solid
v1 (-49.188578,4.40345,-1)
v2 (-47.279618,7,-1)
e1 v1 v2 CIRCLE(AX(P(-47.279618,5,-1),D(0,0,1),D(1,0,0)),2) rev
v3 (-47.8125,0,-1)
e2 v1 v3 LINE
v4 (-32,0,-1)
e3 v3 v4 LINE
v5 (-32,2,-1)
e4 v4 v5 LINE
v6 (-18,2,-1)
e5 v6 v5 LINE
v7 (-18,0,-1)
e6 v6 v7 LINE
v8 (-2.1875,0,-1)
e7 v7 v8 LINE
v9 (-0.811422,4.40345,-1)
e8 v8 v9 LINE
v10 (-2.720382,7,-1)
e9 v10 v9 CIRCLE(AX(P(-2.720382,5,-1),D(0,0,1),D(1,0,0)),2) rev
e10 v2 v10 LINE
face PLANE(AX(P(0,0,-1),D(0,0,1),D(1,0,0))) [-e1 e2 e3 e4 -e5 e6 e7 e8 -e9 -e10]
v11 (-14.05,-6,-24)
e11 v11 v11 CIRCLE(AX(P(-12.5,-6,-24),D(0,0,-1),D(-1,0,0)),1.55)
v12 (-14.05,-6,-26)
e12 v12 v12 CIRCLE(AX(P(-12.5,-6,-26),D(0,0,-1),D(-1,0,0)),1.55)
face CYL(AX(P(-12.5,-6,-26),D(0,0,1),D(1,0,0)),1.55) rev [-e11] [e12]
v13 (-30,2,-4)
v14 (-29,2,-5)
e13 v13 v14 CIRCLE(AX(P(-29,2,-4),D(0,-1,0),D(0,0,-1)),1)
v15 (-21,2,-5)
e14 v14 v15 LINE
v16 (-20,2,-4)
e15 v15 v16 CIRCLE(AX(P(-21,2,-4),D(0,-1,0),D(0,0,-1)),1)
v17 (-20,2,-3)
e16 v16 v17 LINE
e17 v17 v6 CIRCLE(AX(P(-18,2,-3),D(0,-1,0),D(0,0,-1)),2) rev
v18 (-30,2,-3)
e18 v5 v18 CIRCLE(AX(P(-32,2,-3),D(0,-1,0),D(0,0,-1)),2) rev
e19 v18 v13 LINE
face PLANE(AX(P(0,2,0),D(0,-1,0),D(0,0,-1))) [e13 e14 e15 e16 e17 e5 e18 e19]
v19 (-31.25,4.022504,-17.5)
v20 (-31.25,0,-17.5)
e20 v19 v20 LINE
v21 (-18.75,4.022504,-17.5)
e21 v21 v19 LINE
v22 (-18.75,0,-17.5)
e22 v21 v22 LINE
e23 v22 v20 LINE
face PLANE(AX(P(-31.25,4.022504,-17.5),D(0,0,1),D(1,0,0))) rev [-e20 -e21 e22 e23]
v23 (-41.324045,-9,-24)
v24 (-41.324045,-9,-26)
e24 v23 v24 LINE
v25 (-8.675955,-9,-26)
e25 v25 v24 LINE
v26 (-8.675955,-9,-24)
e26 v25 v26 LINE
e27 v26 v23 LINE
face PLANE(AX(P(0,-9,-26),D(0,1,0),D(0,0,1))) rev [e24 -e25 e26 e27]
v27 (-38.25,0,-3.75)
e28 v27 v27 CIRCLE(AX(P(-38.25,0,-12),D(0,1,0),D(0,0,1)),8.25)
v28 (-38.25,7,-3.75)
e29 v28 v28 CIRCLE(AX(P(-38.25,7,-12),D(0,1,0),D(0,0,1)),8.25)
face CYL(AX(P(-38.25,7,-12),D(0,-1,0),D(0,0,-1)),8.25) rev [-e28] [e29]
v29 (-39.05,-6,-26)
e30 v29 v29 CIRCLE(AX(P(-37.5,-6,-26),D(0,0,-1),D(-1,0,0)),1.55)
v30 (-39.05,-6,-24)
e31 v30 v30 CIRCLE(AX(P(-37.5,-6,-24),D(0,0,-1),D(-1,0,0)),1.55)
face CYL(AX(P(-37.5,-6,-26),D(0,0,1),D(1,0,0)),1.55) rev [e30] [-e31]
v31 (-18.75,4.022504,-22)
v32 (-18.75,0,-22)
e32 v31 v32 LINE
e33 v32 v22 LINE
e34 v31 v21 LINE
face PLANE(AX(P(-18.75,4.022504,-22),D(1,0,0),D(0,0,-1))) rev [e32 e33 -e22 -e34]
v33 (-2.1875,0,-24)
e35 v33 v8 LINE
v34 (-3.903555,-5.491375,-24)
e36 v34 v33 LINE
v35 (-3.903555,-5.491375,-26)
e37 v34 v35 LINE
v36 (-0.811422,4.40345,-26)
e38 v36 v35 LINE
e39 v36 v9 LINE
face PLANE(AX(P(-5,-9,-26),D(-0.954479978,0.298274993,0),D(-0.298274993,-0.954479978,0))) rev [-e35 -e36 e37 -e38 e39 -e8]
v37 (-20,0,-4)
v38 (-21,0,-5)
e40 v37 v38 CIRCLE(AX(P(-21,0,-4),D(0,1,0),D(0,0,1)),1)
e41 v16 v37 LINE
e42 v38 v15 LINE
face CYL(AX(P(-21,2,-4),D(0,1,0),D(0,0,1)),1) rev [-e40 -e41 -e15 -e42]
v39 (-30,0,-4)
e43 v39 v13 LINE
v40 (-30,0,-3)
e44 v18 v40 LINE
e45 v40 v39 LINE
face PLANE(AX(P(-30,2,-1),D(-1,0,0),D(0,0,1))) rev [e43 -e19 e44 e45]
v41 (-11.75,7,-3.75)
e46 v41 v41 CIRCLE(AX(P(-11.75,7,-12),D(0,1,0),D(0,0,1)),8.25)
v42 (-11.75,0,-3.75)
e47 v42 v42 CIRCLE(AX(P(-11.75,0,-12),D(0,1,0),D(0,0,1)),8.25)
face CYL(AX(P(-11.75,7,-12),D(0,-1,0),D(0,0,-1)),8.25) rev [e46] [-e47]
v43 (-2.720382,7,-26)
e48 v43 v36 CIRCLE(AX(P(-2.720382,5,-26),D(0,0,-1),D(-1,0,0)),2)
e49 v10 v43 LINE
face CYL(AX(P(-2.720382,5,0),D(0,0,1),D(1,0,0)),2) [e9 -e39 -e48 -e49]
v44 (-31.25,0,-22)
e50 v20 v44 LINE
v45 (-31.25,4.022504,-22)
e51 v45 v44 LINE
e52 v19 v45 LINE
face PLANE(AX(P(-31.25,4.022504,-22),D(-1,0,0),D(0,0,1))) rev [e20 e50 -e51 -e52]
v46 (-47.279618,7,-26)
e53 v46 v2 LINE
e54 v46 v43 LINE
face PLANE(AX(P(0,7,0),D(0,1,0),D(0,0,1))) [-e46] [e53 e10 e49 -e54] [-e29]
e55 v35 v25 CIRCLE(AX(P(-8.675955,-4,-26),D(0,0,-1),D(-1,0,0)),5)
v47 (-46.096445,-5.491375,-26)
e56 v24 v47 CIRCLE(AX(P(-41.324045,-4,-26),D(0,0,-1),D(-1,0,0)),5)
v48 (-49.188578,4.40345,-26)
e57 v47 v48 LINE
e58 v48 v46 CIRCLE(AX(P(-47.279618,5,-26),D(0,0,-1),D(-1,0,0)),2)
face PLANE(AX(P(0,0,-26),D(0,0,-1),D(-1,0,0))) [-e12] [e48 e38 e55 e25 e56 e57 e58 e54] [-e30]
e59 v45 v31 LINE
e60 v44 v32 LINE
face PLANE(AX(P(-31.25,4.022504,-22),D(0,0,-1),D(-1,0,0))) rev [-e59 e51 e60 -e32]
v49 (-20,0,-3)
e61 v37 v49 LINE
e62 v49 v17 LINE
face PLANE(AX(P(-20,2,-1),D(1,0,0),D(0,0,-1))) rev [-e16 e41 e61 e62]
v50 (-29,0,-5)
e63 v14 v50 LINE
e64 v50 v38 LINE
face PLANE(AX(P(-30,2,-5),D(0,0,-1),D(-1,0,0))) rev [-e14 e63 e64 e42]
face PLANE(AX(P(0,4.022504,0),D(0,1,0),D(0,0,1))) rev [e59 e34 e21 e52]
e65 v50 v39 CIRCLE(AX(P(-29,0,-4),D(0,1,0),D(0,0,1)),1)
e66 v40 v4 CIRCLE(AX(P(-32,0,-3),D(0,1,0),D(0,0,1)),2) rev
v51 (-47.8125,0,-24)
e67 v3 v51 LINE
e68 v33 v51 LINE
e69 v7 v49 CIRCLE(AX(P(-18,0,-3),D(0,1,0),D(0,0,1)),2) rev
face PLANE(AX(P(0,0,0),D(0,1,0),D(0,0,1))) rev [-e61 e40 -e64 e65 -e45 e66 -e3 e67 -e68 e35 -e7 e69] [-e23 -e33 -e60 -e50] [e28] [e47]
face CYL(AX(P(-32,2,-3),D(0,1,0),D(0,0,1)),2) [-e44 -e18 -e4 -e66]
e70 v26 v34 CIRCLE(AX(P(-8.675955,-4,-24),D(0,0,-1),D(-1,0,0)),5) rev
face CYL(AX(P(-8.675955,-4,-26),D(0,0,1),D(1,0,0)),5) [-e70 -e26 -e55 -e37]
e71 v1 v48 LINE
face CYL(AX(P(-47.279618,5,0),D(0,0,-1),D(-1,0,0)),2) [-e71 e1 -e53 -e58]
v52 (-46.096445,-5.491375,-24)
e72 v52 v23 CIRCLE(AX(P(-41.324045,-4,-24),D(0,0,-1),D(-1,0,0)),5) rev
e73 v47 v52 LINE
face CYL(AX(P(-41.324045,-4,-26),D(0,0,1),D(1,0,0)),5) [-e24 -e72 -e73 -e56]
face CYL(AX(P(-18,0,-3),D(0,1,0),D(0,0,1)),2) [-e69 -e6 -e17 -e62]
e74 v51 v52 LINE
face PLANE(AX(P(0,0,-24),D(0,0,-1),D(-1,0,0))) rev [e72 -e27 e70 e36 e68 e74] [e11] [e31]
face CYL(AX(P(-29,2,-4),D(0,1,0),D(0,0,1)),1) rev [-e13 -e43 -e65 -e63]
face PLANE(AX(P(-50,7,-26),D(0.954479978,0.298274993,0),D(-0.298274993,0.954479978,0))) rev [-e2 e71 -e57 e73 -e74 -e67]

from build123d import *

# Parameters (mm, degrees)
SKETCH1_W               = 50
SKETCH1_H               = 24
SKETCH1_R               = 8.25
BOSS_EXTRUDE1_DEPTH     = 7
SKETCH2_W               = 12.5
SKETCH2_H               = 4.5
CUT_EXTRUDE1_DEPTH      = 4.022504106
SKETCH3_W               = 50
SKETCH3_H               = 16
SKETCH3_R               = 1.55
BOSS_EXTRUDE2_DEPTH     = 2
CUT_EXTRUDE2_DEPTH      = 25
CUT_EXTRUDE2_DEPTH_BACK = 3
FILLET1_R               = 5
FILLET2_R               = 2
SKETCH5_W               = 57.1125727
SKETCH5_H               = 23.157416517
CUT_EXTRUDE3_DEPTH      = 1
SKETCH6_W               = 10
SKETCH6_H               = 4
CUT_EXTRUDE4_DEPTH      = 2
FILLET3_R               = 1
FILLET4_R               = 2


with BuildPart() as part:
    # Sketch1 → Boss-Extrude1 (new body)
    with BuildSketch(Plane(origin=(0, 0, 0), x_dir=(1, 0, 0), z_dir=(0, 1, 0))):
        with Locations((-25, 12)):
            Rectangle(SKETCH1_W, SKETCH1_H)
        with Locations((-38.25, 12)):
            Circle(SKETCH1_R, mode=Mode.SUBTRACT)
        with Locations((-11.75, 12)):
            Circle(SKETCH1_R, mode=Mode.SUBTRACT)
    extrude(amount=BOSS_EXTRUDE1_DEPTH)

    # Sketch2 → Cut-Extrude1 (cut)
    with BuildSketch(Plane.XZ):
        with Locations((-25, -19.75)):
            Rectangle(SKETCH2_W, SKETCH2_H)
    extrude(amount=-CUT_EXTRUDE1_DEPTH, mode=Mode.SUBTRACT)

    # Sketch3 → Boss-Extrude2 (add)
    with BuildSketch(Plane(origin=(0, 0, -24), x_dir=(-1, 0, 0), z_dir=(0, 0, -1))):
        with Locations((25, -1)):
            Rectangle(SKETCH3_W, SKETCH3_H)
        with Locations((12.5, -6)):
            Circle(SKETCH3_R, mode=Mode.SUBTRACT)
        with Locations((37.5, -6)):
            Circle(SKETCH3_R, mode=Mode.SUBTRACT)
    extrude(amount=BOSS_EXTRUDE2_DEPTH)

    # Sketch4 → Cut-Extrude2 (cut, two sides)
    with BuildSketch(Plane.XY.offset(-24)) as cut_extrude2_sk:
        Polygon((-50, 7), (-45, -9), (-50, -9), align=None)
        Polygon((0, 7), (0, -9), (-5, -9), align=None)
    extrude(amount=CUT_EXTRUDE2_DEPTH, mode=Mode.SUBTRACT)
    extrude(cut_extrude2_sk.sketch, amount=-CUT_EXTRUDE2_DEPTH_BACK, mode=Mode.SUBTRACT)

    # Fillet1
    fillet1_edges = [part.edges().sort_by_distance(p)[0] for p in [
        (-45, -9, -25),
        (-5, -9, -25),
    ]]
    fillet(fillet1_edges, radius=FILLET1_R)

    # Fillet2
    fillet2_edges = [part.edges().sort_by_distance(p)[0] for p in [
        (0, 7, -13),
        (-50, 7, -13),
    ]]
    fillet(fillet2_edges, radius=FILLET2_R)

    # Sketch5 → Cut-Extrude3 (cut)
    with BuildSketch(Plane.XY):
        with Locations((-24.983022422, 0.513257307)):
            Rectangle(SKETCH5_W, SKETCH5_H)
    extrude(amount=-CUT_EXTRUDE3_DEPTH, mode=Mode.SUBTRACT)

    # Sketch6 → Cut-Extrude4 (cut)
    with BuildSketch(Plane.XZ):
        with Locations((-25, -3)):
            Rectangle(SKETCH6_W, SKETCH6_H)
    extrude(amount=-CUT_EXTRUDE4_DEPTH, mode=Mode.SUBTRACT)

    # Fillet3
    fillet3_edges = [part.edges().sort_by_distance(p)[0] for p in [
        (-30, 1, -5),
        (-20, 1, -5),
    ]]
    fillet(fillet3_edges, radius=FILLET3_R)

    # Fillet4
    fillet4_edges = [part.edges().sort_by_distance(p)[0] for p in [
        (-30, 1, -1),
        (-20, 1, -1),
    ]]
    fillet(fillet4_edges, radius=FILLET4_R)


solid = part.part
